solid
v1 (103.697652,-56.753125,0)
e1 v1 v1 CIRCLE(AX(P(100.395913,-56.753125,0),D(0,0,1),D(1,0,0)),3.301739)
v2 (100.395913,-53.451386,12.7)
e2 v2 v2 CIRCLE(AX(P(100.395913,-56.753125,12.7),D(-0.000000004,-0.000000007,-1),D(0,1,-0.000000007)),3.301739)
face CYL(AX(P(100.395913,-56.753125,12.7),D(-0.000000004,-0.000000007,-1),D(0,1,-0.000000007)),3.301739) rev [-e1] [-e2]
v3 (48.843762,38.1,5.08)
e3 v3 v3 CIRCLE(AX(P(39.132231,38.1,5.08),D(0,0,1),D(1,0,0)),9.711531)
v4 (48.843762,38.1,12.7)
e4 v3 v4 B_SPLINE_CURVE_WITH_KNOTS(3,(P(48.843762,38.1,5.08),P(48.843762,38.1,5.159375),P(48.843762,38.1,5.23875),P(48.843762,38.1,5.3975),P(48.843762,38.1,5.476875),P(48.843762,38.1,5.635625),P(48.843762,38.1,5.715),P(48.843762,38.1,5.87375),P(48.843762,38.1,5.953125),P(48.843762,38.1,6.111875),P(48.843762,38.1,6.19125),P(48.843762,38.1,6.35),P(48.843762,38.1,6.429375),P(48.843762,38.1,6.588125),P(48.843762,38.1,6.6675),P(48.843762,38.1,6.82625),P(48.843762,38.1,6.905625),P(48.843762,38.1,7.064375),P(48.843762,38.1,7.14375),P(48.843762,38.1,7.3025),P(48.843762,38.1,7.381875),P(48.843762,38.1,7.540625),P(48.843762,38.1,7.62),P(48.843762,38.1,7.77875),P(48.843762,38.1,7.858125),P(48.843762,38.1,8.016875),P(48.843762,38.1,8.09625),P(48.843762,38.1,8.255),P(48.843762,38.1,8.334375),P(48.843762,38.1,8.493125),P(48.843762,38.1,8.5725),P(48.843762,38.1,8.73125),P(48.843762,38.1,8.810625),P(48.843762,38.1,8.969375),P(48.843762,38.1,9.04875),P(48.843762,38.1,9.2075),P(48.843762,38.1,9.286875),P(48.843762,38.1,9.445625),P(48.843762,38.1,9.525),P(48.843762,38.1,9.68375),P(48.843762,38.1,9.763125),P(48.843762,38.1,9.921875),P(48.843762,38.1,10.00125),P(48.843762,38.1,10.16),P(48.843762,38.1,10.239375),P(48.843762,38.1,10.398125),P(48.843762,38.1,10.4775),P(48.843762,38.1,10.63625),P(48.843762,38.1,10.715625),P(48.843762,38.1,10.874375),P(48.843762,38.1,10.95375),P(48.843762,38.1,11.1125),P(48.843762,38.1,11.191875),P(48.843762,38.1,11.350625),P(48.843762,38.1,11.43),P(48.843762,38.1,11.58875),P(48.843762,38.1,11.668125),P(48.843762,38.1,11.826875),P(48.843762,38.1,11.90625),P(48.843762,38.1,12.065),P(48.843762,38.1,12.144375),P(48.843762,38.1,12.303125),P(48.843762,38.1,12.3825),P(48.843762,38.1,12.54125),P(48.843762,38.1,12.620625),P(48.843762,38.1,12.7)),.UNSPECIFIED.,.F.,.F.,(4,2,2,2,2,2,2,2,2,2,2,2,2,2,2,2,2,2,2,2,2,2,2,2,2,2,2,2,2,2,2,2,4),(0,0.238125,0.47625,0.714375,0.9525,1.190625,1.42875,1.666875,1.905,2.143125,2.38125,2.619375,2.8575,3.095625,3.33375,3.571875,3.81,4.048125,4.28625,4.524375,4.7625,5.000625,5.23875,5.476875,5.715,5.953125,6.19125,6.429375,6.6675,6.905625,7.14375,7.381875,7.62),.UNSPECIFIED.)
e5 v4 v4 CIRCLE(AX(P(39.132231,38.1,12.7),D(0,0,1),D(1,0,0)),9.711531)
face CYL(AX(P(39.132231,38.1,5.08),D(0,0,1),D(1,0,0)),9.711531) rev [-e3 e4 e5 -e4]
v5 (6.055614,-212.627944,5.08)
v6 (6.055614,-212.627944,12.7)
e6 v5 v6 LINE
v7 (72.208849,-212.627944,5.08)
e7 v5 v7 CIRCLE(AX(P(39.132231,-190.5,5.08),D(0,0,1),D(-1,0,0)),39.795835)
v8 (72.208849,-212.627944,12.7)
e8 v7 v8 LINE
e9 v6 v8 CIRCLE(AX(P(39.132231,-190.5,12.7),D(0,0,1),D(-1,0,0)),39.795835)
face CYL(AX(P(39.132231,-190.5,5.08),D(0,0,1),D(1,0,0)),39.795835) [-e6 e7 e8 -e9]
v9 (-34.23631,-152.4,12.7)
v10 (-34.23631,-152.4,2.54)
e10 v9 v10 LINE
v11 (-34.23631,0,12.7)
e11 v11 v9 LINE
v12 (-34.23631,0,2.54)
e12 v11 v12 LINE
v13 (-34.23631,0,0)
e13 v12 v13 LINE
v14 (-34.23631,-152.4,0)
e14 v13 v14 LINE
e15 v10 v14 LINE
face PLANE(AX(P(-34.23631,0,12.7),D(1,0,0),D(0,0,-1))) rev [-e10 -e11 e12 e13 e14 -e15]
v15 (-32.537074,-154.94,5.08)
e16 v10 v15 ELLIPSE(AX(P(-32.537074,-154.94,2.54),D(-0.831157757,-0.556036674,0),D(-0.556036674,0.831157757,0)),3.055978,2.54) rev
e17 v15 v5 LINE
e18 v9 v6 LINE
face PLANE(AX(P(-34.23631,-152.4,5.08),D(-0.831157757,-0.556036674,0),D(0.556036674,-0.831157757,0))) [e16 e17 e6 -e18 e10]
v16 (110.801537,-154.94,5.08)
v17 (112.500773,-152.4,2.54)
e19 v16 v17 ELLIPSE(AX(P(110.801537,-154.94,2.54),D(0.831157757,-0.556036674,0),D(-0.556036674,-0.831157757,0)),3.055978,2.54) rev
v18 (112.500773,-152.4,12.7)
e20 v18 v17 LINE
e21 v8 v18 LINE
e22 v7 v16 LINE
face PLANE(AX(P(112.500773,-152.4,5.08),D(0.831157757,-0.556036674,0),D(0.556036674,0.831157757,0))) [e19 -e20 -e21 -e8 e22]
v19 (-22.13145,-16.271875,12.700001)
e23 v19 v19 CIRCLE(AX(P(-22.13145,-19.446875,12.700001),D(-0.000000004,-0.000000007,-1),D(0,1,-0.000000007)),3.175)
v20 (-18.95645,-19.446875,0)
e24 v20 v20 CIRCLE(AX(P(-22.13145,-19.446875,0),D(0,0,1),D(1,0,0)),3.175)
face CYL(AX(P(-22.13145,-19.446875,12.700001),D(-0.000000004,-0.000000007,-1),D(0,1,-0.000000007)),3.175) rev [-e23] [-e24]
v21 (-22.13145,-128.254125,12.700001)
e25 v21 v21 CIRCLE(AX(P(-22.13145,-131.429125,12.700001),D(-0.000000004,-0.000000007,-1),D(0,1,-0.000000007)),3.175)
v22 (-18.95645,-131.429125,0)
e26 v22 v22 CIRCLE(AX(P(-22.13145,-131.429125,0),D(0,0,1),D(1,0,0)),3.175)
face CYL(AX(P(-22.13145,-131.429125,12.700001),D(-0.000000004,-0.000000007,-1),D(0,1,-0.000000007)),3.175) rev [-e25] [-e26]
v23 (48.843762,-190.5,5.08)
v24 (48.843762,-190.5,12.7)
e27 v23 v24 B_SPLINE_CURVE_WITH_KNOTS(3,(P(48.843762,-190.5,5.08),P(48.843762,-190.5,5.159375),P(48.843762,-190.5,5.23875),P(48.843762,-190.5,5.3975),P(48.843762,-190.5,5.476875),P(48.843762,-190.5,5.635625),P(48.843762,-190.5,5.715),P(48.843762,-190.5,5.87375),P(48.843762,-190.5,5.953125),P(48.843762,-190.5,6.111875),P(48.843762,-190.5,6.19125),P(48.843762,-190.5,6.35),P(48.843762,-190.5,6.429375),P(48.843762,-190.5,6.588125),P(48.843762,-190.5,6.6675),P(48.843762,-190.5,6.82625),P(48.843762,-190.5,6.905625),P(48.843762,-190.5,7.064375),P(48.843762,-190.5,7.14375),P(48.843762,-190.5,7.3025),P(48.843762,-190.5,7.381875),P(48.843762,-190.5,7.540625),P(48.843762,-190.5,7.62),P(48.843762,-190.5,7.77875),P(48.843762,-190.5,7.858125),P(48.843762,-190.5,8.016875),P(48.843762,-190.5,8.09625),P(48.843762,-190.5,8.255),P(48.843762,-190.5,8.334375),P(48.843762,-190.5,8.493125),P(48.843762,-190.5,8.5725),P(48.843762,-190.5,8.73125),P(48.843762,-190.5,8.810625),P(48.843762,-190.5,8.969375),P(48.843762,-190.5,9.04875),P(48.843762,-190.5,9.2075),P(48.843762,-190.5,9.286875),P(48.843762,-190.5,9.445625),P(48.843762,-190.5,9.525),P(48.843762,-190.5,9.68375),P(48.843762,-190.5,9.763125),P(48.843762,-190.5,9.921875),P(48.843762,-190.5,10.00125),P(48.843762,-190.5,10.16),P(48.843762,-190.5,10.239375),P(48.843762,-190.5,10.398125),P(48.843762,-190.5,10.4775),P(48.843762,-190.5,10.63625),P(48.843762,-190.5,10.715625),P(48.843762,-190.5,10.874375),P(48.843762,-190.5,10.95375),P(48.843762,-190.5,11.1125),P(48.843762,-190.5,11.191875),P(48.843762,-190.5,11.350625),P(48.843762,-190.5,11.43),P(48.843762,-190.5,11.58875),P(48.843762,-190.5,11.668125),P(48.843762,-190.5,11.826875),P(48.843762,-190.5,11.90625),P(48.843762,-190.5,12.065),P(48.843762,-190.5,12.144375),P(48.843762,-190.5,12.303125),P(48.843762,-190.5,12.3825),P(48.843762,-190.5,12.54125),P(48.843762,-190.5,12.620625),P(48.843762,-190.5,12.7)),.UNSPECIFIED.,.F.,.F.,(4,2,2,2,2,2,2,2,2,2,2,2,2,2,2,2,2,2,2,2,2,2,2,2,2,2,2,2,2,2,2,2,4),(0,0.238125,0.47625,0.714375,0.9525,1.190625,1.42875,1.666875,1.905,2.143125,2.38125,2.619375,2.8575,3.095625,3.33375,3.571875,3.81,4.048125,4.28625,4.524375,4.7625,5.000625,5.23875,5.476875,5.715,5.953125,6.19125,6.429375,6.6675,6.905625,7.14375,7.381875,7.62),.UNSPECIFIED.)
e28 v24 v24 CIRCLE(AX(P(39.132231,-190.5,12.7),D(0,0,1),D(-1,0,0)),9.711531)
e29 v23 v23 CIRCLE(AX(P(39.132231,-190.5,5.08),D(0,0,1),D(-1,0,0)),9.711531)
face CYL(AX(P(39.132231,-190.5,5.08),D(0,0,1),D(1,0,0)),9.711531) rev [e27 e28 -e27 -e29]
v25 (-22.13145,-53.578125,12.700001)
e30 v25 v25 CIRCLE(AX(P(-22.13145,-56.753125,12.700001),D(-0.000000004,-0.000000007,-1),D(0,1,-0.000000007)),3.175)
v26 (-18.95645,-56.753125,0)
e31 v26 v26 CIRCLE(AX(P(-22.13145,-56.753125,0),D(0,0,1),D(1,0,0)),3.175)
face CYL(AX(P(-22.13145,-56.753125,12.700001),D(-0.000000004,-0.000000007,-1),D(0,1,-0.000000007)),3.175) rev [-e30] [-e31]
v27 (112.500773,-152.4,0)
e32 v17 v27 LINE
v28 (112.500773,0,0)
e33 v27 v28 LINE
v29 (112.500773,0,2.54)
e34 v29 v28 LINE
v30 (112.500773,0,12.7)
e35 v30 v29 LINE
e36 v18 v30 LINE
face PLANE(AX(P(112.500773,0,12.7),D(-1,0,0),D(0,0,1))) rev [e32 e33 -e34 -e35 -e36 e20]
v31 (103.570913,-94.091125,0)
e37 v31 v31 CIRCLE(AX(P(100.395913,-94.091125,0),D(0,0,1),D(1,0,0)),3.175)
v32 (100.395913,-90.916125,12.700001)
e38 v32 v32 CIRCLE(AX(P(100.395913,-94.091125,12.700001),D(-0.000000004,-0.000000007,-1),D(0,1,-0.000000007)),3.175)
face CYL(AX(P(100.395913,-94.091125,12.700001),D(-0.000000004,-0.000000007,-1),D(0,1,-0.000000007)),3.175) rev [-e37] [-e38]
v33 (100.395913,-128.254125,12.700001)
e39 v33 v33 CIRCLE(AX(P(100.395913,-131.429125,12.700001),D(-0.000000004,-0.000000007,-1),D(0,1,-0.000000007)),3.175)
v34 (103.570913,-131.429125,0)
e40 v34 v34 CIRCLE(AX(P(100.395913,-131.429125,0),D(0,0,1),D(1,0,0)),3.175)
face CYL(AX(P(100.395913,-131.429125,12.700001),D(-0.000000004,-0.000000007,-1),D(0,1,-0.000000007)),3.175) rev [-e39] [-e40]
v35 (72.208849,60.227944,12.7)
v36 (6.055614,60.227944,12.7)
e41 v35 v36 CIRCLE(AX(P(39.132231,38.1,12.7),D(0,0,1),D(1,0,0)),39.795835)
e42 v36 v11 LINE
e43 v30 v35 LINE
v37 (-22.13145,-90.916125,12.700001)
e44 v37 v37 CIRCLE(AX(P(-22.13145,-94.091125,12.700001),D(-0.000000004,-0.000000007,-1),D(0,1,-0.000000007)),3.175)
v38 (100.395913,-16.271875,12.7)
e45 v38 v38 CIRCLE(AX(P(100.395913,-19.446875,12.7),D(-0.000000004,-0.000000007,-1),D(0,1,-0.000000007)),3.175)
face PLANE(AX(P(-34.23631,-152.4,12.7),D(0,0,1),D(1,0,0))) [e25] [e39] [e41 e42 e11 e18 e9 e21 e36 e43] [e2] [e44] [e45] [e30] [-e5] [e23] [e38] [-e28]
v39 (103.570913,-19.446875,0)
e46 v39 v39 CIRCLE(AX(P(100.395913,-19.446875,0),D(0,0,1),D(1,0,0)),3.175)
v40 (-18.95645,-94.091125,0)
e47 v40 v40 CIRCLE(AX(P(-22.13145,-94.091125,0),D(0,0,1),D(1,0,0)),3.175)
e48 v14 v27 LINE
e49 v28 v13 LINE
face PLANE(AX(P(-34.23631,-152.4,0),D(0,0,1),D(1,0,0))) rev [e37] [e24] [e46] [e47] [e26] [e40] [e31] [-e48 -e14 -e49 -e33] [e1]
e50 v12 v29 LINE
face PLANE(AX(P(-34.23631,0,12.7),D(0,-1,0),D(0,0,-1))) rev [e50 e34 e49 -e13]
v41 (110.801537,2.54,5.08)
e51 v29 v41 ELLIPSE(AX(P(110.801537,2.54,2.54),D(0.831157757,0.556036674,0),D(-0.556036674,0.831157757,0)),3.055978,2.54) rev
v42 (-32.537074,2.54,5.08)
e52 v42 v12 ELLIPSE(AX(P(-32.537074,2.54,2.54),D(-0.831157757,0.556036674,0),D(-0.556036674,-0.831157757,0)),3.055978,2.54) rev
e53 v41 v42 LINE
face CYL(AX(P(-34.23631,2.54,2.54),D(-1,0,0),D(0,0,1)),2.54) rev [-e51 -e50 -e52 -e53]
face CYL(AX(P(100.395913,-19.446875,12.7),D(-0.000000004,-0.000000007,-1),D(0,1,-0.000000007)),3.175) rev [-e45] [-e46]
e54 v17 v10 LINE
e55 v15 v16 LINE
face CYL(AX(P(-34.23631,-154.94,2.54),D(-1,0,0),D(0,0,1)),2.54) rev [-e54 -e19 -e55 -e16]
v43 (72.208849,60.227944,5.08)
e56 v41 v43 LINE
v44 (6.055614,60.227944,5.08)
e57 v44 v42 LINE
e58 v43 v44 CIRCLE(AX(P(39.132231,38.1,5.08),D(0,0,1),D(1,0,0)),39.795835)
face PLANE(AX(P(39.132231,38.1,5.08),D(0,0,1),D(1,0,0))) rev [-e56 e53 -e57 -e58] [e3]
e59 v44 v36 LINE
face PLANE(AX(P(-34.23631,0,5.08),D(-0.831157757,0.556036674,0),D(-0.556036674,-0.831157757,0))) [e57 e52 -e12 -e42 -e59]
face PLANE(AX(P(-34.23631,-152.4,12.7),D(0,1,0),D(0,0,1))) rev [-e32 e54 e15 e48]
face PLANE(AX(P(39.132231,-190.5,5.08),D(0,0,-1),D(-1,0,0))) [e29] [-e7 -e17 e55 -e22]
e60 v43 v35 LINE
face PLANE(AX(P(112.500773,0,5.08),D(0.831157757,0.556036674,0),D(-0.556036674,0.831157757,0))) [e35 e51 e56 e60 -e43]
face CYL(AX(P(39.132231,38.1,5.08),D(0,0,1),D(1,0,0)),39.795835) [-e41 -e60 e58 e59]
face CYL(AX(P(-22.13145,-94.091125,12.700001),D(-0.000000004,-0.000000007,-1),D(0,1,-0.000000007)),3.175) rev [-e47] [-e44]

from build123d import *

# Parameters (mm, degrees)
SKETCH1_W      = 146.737083443
SKETCH1_H      = 152.4
SKETCH1_R      = 2.814870932
EXTRUDE1_DEPTH = 12.7
SKETCH2_R      = 3.175
SKETCH2_R_2    = 3.301739158
EXTRUDE2_DEPTH = 192.148134104
SKETCH3_R      = 9.711530505
EXTRUDE3_DEPTH = 7.62
FILLET1_R      = 2.54


with BuildPart() as part:
    # Sketch1 → Extrude1 (new body)
    with BuildSketch(Plane.XY):
        with Locations((39.132231405, -76.2)):
            Rectangle(SKETCH1_W, SKETCH1_H)
        with Locations((-22.131450225, -19.446874936)):
            Circle(SKETCH1_R, mode=Mode.SUBTRACT)
    extrude(amount=EXTRUDE1_DEPTH)

    # Sketch2 → Extrude2 (cut, through all)
    with BuildSketch(Plane(origin=(-5.4e-08, -8.6e-08, -12.901274016), x_dir=(-1.0, 0, 4.210511821155492e-09), z_dir=(-4.210511821155492e-09, -6.669209052807934e-09, -1.0))):
        with Locations(Location((-100.395913074, -19.446875, 0), (0, 0, 90))):
            Circle(SKETCH2_R)
        with Locations(Location((-100.395913114, -56.753124936, 0), (0, 0, 90))):
            Circle(SKETCH2_R_2)
        with Locations(Location((-100.395913114, -94.091124936, 0), (0, 0, 90))):
            Circle(SKETCH2_R)
        with Locations(Location((-100.395913114, -131.429124936, 0), (0, 0, 90))):
            Circle(SKETCH2_R)
        with Locations(Location((22.131450318, -56.753125108, 0), (0, 0, 90))):
            Circle(SKETCH2_R)
        with Locations(Location((22.131450318, -94.091124936, 0), (0, 0, 90))):
            Circle(SKETCH2_R)
        with Locations(Location((22.131450318, -131.429124936, 0), (0, 0, 90))):
            Circle(SKETCH2_R)
        with Locations(Location((22.131450278, -19.446875021, 0), (0, 0, 90))):
            Circle(SKETCH2_R)
    extrude(amount=-EXTRUDE2_DEPTH, mode=Mode.SUBTRACT)

    # Sketch3 → Extrude3 (add)
    # profile 1 of 2: a face of its own
    with BuildSketch(Plane.XY.offset(12.7)):
        with BuildLine():
            Line((112.500773126, -152.4), (-34.236310317, -152.4))
            Line((-34.236310317, -152.4), (6.055614242, -212.627943895))
            ThreePointArc((6.055614242, -212.627943895), (39.132231405, -230.295835259), (72.208848567, -212.627943895))
            Line((72.208848567, -212.627943895), (112.500773126, -152.4))
        make_face()
        with Locations((39.132231405, -190.5)):
            Circle(SKETCH3_R, mode=Mode.SUBTRACT)
    # profile 2 of 2: a face of its own
    with BuildSketch(Plane.XY.offset(12.7)):
        with BuildLine():
            Line((112.500773126, 0), (-34.236310317, 0))
            Line((-34.236310317, 0), (6.055614242, 60.227943895))
            ThreePointArc((6.055614242, 60.227943895), (39.132231405, 77.895835259), (72.208848567, 60.227943895))
            Line((72.208848567, 60.227943895), (112.500773126, 0))
        make_face()
        with Locations((39.132231405, 38.1)):
            Circle(SKETCH3_R, mode=Mode.SUBTRACT)
    extrude(amount=-EXTRUDE3_DEPTH)

    # Fillet1
    fillet1_edges = [part.edges().sort_by_distance(p)[0] for p in [
        (39.132231405, -152.4, 5.08),
        (39.132231405, 0, 5.08),
    ]]
    fillet(fillet1_edges, radius=FILLET1_R)


solid = part.part
